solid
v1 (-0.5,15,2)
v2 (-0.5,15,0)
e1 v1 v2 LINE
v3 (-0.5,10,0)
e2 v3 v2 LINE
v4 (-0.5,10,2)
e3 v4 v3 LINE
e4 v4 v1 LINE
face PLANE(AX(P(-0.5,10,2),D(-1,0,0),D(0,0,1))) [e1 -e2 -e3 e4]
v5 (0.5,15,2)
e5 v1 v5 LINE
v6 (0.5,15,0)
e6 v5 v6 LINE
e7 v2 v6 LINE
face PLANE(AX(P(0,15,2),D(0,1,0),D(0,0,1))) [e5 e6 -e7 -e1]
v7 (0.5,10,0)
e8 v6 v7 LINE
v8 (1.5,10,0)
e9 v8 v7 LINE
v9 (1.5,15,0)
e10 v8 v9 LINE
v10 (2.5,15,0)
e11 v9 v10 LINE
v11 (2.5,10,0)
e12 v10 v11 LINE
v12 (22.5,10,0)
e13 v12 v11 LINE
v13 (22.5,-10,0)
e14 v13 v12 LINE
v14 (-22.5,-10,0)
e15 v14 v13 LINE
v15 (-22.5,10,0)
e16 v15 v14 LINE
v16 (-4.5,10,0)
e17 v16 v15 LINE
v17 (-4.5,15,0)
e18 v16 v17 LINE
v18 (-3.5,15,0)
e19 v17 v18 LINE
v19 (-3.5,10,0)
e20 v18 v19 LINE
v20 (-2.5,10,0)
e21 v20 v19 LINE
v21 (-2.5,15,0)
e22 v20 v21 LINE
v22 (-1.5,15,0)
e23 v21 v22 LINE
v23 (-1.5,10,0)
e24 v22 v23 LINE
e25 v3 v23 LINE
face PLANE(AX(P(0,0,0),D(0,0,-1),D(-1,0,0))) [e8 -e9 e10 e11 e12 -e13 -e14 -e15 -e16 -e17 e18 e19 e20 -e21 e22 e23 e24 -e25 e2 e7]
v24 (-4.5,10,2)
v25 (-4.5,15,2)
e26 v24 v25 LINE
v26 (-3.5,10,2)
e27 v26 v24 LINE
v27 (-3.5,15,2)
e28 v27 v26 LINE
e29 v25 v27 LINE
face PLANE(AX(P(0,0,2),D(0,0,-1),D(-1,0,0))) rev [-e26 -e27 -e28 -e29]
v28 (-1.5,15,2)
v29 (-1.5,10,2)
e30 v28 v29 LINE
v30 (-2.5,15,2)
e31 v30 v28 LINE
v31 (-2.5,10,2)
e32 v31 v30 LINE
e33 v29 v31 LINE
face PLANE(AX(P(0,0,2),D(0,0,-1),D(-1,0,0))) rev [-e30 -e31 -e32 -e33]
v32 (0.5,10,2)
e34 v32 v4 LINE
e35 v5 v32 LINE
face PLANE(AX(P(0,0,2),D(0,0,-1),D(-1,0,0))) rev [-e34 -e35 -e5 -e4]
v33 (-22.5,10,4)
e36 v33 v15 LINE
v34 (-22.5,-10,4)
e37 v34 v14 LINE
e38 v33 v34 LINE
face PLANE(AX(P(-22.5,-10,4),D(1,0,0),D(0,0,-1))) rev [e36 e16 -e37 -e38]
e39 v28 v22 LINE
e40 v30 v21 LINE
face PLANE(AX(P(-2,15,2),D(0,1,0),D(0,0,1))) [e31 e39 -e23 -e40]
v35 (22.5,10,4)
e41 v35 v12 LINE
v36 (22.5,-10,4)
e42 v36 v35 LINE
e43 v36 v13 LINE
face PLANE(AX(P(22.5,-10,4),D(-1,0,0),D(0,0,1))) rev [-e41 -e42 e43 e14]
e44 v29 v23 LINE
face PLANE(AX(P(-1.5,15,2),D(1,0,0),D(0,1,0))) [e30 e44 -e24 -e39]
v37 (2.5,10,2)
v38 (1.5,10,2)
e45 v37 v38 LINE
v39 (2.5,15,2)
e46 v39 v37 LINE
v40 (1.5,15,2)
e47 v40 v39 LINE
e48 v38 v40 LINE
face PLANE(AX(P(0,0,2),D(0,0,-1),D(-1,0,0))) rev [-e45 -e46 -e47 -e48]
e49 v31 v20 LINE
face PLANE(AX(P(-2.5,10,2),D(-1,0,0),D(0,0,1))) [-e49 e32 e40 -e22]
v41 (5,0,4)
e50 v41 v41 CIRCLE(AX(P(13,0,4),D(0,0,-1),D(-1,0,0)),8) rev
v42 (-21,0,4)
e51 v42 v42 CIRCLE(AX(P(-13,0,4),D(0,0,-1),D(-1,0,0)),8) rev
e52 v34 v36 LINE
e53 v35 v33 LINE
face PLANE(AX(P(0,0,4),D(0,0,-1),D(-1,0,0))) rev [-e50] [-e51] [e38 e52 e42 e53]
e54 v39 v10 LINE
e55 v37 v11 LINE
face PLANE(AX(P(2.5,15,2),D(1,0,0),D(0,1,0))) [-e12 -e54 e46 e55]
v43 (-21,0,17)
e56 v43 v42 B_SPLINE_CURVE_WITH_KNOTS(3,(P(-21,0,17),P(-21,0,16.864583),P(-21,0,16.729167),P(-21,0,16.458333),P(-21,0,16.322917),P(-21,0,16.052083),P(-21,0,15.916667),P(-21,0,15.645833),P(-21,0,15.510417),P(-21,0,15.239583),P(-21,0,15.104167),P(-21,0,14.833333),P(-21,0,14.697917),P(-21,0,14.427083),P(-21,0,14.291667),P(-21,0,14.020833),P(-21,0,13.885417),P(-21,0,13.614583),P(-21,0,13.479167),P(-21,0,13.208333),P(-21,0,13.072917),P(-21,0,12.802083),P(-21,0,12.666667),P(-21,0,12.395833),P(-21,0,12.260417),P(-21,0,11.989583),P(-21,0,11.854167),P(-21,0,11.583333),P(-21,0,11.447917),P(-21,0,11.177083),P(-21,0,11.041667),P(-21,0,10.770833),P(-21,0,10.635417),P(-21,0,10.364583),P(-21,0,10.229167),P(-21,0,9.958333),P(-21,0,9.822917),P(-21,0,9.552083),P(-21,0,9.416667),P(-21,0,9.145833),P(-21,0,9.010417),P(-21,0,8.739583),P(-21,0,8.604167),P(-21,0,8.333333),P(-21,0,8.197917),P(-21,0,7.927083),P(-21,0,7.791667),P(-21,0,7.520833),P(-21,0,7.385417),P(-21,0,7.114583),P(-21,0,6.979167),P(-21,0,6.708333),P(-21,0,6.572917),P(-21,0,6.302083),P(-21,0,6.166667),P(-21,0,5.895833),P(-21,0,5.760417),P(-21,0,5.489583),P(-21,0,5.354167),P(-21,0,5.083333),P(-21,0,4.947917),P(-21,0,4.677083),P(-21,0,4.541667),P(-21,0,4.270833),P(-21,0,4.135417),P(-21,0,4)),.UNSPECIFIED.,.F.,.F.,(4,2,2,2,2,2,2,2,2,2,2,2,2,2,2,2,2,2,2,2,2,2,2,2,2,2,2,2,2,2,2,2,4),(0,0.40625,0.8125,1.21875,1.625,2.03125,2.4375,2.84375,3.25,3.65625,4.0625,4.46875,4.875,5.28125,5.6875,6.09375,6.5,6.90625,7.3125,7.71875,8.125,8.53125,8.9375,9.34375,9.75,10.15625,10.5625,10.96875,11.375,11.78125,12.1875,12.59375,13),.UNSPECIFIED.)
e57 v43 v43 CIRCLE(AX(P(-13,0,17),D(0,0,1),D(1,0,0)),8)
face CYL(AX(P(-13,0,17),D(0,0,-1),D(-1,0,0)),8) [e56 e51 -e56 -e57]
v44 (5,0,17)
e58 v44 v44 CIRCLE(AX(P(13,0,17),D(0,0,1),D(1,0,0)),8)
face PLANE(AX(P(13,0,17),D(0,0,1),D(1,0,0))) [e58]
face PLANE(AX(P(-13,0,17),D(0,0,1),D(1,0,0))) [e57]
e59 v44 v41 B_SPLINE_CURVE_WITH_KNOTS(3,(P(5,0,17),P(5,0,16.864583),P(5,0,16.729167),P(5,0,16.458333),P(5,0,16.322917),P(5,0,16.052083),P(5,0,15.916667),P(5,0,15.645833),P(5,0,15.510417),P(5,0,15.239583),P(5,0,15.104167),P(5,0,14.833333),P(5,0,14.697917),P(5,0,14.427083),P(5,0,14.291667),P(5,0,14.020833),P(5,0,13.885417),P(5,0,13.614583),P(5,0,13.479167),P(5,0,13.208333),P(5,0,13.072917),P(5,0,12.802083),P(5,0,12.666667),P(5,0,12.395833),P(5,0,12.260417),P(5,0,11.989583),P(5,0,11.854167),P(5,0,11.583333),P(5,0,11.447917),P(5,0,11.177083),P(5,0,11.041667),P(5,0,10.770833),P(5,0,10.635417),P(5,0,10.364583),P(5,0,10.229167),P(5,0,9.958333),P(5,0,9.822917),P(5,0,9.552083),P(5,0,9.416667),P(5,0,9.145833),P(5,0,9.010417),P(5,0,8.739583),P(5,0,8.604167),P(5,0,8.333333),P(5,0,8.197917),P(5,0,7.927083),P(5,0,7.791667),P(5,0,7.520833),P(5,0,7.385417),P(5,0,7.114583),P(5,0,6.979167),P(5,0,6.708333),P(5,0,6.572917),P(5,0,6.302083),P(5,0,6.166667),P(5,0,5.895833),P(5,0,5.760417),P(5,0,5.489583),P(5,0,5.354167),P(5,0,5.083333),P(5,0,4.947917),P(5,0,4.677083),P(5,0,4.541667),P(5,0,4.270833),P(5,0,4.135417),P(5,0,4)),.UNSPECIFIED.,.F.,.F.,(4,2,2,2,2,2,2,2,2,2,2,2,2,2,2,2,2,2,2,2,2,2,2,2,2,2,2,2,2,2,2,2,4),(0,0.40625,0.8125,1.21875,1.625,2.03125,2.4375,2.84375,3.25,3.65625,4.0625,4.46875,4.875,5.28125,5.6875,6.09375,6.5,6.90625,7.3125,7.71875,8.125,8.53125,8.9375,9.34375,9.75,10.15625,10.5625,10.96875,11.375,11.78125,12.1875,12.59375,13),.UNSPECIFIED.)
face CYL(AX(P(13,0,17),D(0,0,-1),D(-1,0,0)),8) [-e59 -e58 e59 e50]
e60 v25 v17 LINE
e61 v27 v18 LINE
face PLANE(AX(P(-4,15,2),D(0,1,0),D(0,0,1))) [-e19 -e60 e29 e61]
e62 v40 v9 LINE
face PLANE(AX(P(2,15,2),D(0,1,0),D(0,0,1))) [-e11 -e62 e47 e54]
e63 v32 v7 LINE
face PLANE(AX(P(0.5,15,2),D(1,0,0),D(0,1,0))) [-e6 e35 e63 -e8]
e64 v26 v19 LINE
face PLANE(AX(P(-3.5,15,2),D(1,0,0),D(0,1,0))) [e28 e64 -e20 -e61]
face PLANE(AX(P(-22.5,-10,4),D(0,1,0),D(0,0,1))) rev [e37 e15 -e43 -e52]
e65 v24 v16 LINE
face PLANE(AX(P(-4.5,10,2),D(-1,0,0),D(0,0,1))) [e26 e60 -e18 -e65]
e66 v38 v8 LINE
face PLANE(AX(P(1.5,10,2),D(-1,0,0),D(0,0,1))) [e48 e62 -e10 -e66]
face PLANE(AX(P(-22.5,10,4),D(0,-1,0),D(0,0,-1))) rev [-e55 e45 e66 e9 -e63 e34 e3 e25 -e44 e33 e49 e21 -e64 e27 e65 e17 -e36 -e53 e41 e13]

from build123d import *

# Parameters (mm, degrees)
SKETCH1_W           = 45
SKETCH1_H           = 20
BOSS_EXTRUDE1_DEPTH = 4
SKETCH2_R           = 8
BOSS_EXTRUDE2_DEPTH = 13
BOSS_EXTRUDE3_DEPTH = 2


with BuildPart() as part:
    # Sketch1 → Boss-Extrude1 (new body)
    with BuildSketch(Plane.XY):
        Rectangle(SKETCH1_W, SKETCH1_H)
    extrude(amount=BOSS_EXTRUDE1_DEPTH)

    # Sketch2 → Boss-Extrude2 (add)
    with BuildSketch(Plane.XY.offset(4)):
        with Locations(Location((-13, 0, 0), (0, 0, 180))):
            Circle(SKETCH2_R)
        with Locations(Location((13, 0, 0), (0, 0, 180))):
            Circle(SKETCH2_R)
    extrude(amount=BOSS_EXTRUDE2_DEPTH)

    # Sketch4 → Boss-Extrude3 (add)
    with BuildSketch(Plane(origin=(0, 0, 0), x_dir=(-1, 0, 0), z_dir=(0, 0, -1))):
        Polygon((2, 15), (1.5, 15), (1.5, 10), (2.5, 10), (2.5, 15), align=None)
        Polygon((0, 15), (-0.5, 15), (-0.5, 10), (0.5, 10), (0.5, 15), align=None)
        Polygon((4, 15), (3.5, 15), (3.5, 10), (4.5, 10), (4.5, 15), align=None)
        Polygon((-2, 15), (-2.5, 15), (-2.5, 10), (-1.5, 10), (-1.5, 15), align=None)
    extrude(amount=-BOSS_EXTRUDE3_DEPTH)


solid = part.part
